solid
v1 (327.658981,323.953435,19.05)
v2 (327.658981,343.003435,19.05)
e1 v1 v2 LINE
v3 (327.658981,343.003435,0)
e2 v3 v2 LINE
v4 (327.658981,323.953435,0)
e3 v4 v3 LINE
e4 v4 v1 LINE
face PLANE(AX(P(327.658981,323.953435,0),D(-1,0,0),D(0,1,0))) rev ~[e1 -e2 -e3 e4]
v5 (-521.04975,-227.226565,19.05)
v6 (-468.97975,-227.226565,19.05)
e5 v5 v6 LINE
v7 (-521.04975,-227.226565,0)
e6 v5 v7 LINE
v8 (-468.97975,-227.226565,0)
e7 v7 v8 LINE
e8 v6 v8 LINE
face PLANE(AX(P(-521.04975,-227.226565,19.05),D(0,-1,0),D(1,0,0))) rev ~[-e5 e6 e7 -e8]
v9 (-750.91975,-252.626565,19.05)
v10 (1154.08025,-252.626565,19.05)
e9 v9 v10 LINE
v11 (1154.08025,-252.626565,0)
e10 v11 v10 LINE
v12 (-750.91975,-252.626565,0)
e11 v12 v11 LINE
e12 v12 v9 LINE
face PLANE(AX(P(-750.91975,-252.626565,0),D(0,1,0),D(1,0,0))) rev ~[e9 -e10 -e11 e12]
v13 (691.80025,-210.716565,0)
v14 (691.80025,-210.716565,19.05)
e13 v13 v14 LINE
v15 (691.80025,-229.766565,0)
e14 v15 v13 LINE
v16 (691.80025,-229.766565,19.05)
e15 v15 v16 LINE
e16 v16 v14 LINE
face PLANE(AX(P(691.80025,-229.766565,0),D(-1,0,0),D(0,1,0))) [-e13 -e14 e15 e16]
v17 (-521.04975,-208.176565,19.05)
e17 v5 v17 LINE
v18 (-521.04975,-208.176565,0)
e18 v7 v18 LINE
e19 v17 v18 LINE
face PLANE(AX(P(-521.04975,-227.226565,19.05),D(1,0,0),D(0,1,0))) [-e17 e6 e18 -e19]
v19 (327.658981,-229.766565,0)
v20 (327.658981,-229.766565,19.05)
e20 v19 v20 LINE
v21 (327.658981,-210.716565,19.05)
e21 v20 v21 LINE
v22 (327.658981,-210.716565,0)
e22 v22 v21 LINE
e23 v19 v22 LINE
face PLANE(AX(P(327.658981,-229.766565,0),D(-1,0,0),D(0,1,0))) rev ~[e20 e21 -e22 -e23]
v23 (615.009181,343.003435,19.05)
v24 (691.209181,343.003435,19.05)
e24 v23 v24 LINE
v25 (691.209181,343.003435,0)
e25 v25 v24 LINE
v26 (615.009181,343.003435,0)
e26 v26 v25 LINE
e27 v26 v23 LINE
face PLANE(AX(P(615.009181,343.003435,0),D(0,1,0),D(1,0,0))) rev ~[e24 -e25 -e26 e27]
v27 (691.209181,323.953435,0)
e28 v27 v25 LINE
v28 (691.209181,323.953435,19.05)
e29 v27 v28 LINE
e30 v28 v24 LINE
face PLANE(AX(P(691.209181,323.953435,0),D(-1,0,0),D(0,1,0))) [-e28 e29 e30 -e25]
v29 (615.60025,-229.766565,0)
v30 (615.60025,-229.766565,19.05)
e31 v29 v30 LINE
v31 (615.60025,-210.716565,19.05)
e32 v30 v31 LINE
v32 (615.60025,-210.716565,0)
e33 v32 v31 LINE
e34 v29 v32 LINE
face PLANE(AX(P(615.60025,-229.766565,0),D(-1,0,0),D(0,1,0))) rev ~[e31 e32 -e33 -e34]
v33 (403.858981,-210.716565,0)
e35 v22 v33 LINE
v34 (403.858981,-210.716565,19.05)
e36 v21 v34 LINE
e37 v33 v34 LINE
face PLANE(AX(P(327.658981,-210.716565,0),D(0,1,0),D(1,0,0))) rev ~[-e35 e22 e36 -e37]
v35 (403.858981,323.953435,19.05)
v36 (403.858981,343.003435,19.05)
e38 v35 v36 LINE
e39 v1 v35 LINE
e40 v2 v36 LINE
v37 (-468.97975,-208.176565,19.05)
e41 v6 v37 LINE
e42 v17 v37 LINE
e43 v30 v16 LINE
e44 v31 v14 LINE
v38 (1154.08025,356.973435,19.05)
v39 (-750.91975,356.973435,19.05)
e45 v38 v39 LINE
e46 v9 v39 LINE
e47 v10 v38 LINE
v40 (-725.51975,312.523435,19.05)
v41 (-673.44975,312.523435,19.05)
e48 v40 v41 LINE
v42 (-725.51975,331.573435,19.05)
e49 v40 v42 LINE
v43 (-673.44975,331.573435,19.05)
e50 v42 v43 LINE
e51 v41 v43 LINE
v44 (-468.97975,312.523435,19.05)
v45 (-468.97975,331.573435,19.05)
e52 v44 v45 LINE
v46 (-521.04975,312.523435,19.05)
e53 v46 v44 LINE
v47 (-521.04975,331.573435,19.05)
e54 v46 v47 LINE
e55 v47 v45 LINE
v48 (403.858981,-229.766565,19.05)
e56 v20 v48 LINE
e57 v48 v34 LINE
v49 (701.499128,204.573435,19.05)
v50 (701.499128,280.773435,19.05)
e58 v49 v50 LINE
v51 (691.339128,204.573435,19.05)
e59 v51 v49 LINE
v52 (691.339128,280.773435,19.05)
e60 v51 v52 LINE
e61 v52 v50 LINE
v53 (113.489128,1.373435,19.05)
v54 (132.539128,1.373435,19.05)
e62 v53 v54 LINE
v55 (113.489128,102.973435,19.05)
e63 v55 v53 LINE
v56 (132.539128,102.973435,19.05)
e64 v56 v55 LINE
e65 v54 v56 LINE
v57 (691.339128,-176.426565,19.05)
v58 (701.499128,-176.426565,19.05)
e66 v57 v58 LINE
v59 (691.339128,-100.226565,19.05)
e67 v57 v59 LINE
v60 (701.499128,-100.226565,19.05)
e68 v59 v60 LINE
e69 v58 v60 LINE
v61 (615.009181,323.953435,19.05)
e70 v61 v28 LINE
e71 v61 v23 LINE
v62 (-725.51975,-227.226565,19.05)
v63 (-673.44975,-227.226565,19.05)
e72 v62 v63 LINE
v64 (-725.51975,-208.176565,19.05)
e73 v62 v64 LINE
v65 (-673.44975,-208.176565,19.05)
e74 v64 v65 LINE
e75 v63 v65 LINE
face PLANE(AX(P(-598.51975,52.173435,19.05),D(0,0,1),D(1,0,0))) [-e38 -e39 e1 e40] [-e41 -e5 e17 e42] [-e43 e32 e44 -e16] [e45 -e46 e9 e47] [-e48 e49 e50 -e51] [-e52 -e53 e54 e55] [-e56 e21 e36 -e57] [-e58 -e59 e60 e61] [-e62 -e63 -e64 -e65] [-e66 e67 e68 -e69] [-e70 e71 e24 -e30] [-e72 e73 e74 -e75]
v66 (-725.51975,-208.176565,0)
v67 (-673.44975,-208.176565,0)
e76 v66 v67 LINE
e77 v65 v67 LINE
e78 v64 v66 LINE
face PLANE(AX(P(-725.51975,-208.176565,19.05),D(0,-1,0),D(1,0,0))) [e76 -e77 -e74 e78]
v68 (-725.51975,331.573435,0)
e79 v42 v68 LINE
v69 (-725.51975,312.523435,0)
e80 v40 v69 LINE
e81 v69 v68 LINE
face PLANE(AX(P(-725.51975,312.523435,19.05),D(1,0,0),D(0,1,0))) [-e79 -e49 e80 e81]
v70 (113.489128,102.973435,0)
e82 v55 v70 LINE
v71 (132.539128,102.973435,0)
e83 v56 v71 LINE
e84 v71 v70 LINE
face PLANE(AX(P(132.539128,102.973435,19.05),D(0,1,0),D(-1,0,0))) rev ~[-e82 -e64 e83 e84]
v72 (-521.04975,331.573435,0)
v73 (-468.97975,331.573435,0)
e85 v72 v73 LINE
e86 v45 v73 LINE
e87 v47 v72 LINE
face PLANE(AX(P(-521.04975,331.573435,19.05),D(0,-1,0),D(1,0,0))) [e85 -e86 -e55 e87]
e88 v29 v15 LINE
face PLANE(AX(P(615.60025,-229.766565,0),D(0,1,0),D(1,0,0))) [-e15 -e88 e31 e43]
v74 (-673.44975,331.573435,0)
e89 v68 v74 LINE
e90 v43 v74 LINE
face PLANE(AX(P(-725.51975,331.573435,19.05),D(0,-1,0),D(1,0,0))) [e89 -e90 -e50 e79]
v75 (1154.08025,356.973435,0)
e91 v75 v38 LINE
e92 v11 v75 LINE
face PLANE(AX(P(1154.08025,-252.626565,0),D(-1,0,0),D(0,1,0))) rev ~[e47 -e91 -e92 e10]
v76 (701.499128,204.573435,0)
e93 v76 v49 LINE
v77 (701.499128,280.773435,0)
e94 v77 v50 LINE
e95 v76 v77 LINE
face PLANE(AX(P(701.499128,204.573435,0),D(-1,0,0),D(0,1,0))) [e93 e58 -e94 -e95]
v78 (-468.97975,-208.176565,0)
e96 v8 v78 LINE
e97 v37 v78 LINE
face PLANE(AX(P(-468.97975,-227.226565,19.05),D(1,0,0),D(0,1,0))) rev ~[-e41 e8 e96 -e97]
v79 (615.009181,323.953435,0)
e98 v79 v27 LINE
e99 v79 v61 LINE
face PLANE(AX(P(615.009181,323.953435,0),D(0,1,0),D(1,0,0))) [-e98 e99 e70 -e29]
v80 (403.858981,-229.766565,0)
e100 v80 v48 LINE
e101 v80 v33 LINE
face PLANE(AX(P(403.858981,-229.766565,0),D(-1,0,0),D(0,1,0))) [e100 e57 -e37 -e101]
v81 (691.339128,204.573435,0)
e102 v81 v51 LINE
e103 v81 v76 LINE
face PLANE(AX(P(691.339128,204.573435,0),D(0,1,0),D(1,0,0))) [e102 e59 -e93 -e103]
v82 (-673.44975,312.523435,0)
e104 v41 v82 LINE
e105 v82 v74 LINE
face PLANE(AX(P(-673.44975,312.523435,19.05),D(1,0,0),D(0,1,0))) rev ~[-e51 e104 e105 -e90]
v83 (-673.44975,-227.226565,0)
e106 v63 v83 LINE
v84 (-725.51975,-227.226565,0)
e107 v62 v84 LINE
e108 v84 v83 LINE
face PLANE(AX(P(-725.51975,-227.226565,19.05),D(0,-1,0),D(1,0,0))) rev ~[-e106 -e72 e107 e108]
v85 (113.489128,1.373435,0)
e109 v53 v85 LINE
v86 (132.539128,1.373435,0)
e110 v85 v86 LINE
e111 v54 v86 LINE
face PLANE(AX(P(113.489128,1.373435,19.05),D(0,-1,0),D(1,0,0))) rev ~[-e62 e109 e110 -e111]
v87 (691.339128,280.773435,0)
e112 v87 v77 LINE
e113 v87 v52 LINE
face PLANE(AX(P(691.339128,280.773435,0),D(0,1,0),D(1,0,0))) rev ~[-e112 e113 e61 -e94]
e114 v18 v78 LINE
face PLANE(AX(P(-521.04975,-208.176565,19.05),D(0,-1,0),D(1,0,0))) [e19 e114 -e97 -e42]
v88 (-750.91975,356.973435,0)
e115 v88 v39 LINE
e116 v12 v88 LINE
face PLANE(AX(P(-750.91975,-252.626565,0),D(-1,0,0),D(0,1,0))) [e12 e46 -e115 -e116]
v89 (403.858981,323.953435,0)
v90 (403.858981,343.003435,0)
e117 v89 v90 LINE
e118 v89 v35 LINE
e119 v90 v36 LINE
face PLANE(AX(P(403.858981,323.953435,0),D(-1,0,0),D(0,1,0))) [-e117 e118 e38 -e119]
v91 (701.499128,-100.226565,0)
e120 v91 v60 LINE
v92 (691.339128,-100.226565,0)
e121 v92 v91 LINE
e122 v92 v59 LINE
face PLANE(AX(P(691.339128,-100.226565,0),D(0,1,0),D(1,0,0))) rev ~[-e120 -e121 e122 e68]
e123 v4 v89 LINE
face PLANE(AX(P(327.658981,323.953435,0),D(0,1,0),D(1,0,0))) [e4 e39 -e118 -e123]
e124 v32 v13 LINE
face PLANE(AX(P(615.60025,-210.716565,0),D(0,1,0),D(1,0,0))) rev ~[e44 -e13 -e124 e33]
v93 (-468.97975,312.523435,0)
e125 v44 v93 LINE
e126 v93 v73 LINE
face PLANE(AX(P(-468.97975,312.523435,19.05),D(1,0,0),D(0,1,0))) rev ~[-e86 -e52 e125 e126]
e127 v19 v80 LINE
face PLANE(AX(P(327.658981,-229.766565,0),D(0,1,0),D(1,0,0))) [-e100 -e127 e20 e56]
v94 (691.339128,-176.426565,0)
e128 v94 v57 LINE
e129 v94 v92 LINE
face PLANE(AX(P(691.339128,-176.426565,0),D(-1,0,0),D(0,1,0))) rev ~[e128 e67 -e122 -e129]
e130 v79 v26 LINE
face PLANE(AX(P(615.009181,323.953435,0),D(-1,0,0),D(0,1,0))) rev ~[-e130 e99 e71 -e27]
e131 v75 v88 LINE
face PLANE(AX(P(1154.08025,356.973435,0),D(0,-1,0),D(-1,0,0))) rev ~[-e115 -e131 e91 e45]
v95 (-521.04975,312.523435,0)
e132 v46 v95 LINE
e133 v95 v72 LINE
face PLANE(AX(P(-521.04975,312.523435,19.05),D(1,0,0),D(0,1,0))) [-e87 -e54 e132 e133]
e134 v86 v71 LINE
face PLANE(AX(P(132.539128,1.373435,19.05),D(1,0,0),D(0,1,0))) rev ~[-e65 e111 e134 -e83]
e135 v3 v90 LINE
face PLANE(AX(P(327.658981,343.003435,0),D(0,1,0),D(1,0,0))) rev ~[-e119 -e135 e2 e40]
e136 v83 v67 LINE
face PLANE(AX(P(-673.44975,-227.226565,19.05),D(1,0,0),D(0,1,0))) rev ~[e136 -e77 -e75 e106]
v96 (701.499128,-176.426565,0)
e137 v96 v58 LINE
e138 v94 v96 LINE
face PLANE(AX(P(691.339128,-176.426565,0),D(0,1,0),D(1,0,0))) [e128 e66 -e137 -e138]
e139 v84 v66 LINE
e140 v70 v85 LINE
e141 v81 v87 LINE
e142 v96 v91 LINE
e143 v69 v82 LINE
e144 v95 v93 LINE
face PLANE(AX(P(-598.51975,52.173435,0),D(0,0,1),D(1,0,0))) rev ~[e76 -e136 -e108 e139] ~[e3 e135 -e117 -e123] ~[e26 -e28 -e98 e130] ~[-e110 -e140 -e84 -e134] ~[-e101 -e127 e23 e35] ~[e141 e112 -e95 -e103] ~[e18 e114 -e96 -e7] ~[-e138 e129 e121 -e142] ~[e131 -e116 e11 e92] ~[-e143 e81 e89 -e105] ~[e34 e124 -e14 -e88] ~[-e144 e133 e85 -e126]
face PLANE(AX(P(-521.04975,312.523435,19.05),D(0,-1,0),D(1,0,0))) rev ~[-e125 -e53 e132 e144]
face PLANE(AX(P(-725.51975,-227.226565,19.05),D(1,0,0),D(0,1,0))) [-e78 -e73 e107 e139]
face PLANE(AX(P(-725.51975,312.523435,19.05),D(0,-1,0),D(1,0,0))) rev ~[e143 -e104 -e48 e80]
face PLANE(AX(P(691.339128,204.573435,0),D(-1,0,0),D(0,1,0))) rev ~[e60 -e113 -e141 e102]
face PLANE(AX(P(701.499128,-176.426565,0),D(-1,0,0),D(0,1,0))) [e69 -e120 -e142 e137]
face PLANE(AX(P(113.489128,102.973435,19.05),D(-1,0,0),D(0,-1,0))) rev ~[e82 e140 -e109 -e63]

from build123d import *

# Parameters (mm, degrees)
F0_W     = 304.8
F0_H     = 609.6
F0_W_2   = 76.2
F0_H_2   = 19.05
F0_W_3   = 10.16
F0_H_3   = 76.2
F1_DEPTH = 19.05
F3_DEPTH = 19.05
F6_W     = 52.07
F6_H     = 19.05
F7_DEPTH = 19.05


with BuildPart() as f1:
    # F0 (on Top) → F1 (new body)
    with BuildSketch(Plane.XY):
        with Locations((-598.51975, 52.173435)):
            Rectangle(F0_W, F0_H)
        Polygon((239.68025, 356.973435), (-446.11975, 356.973435), (-446.11975, -252.626565), (239.68025, -252.626565), (696.88025, -252.626565), (1154.08025, -252.626565), (1154.08025, 356.973435), (696.88025, 356.973435), align=None)
        with Locations((365.758981, -220.241565)):
            Rectangle(F0_W_2, F0_H_2, mode=Mode.SUBTRACT)
        with Locations((653.70025, -220.241565)):
            Rectangle(F0_W_2, F0_H_2, mode=Mode.SUBTRACT)
        with Locations((696.419128, -138.326565)):
            Rectangle(F0_W_3, F0_H_3, mode=Mode.SUBTRACT)
        with Locations((365.758981, 333.478435)):
            Rectangle(F0_W_2, F0_H_2, mode=Mode.SUBTRACT)
        with Locations((653.109181, 333.478435)):
            Rectangle(F0_W_2, F0_H_2, mode=Mode.SUBTRACT)
        with Locations((696.419128, 242.673435)):
            Rectangle(F0_W_3, F0_H_3, mode=Mode.SUBTRACT)
    extrude(amount=F1_DEPTH)

    # F2 (on face) → F3 (cut)
    with BuildSketch(Plane.XY.offset(19.05)):
        Polygon((132.539128, 1.373435), (132.539128, 52.173435), (132.539128, 102.973435), (113.489128, 102.973435), (113.489128, 1.373435), align=None)
    extrude(amount=-F3_DEPTH, mode=Mode.SUBTRACT)

    # F6 (on face) → F7 (cut)
    with BuildSketch(Plane.XY.offset(19.05)):
        with Locations((-699.48475, -217.701565)):
            Rectangle(F6_W, F6_H)
        with Locations((-495.01475, -217.701565)):
            Rectangle(F6_W, F6_H)
        with Locations((-495.01475, 322.048435)):
            Rectangle(F6_W, F6_H)
        with Locations((-699.48475, 322.048435)):
            Rectangle(F6_W, F6_H)
    extrude(amount=-F7_DEPTH, mode=Mode.SUBTRACT)


solid = f1.part
